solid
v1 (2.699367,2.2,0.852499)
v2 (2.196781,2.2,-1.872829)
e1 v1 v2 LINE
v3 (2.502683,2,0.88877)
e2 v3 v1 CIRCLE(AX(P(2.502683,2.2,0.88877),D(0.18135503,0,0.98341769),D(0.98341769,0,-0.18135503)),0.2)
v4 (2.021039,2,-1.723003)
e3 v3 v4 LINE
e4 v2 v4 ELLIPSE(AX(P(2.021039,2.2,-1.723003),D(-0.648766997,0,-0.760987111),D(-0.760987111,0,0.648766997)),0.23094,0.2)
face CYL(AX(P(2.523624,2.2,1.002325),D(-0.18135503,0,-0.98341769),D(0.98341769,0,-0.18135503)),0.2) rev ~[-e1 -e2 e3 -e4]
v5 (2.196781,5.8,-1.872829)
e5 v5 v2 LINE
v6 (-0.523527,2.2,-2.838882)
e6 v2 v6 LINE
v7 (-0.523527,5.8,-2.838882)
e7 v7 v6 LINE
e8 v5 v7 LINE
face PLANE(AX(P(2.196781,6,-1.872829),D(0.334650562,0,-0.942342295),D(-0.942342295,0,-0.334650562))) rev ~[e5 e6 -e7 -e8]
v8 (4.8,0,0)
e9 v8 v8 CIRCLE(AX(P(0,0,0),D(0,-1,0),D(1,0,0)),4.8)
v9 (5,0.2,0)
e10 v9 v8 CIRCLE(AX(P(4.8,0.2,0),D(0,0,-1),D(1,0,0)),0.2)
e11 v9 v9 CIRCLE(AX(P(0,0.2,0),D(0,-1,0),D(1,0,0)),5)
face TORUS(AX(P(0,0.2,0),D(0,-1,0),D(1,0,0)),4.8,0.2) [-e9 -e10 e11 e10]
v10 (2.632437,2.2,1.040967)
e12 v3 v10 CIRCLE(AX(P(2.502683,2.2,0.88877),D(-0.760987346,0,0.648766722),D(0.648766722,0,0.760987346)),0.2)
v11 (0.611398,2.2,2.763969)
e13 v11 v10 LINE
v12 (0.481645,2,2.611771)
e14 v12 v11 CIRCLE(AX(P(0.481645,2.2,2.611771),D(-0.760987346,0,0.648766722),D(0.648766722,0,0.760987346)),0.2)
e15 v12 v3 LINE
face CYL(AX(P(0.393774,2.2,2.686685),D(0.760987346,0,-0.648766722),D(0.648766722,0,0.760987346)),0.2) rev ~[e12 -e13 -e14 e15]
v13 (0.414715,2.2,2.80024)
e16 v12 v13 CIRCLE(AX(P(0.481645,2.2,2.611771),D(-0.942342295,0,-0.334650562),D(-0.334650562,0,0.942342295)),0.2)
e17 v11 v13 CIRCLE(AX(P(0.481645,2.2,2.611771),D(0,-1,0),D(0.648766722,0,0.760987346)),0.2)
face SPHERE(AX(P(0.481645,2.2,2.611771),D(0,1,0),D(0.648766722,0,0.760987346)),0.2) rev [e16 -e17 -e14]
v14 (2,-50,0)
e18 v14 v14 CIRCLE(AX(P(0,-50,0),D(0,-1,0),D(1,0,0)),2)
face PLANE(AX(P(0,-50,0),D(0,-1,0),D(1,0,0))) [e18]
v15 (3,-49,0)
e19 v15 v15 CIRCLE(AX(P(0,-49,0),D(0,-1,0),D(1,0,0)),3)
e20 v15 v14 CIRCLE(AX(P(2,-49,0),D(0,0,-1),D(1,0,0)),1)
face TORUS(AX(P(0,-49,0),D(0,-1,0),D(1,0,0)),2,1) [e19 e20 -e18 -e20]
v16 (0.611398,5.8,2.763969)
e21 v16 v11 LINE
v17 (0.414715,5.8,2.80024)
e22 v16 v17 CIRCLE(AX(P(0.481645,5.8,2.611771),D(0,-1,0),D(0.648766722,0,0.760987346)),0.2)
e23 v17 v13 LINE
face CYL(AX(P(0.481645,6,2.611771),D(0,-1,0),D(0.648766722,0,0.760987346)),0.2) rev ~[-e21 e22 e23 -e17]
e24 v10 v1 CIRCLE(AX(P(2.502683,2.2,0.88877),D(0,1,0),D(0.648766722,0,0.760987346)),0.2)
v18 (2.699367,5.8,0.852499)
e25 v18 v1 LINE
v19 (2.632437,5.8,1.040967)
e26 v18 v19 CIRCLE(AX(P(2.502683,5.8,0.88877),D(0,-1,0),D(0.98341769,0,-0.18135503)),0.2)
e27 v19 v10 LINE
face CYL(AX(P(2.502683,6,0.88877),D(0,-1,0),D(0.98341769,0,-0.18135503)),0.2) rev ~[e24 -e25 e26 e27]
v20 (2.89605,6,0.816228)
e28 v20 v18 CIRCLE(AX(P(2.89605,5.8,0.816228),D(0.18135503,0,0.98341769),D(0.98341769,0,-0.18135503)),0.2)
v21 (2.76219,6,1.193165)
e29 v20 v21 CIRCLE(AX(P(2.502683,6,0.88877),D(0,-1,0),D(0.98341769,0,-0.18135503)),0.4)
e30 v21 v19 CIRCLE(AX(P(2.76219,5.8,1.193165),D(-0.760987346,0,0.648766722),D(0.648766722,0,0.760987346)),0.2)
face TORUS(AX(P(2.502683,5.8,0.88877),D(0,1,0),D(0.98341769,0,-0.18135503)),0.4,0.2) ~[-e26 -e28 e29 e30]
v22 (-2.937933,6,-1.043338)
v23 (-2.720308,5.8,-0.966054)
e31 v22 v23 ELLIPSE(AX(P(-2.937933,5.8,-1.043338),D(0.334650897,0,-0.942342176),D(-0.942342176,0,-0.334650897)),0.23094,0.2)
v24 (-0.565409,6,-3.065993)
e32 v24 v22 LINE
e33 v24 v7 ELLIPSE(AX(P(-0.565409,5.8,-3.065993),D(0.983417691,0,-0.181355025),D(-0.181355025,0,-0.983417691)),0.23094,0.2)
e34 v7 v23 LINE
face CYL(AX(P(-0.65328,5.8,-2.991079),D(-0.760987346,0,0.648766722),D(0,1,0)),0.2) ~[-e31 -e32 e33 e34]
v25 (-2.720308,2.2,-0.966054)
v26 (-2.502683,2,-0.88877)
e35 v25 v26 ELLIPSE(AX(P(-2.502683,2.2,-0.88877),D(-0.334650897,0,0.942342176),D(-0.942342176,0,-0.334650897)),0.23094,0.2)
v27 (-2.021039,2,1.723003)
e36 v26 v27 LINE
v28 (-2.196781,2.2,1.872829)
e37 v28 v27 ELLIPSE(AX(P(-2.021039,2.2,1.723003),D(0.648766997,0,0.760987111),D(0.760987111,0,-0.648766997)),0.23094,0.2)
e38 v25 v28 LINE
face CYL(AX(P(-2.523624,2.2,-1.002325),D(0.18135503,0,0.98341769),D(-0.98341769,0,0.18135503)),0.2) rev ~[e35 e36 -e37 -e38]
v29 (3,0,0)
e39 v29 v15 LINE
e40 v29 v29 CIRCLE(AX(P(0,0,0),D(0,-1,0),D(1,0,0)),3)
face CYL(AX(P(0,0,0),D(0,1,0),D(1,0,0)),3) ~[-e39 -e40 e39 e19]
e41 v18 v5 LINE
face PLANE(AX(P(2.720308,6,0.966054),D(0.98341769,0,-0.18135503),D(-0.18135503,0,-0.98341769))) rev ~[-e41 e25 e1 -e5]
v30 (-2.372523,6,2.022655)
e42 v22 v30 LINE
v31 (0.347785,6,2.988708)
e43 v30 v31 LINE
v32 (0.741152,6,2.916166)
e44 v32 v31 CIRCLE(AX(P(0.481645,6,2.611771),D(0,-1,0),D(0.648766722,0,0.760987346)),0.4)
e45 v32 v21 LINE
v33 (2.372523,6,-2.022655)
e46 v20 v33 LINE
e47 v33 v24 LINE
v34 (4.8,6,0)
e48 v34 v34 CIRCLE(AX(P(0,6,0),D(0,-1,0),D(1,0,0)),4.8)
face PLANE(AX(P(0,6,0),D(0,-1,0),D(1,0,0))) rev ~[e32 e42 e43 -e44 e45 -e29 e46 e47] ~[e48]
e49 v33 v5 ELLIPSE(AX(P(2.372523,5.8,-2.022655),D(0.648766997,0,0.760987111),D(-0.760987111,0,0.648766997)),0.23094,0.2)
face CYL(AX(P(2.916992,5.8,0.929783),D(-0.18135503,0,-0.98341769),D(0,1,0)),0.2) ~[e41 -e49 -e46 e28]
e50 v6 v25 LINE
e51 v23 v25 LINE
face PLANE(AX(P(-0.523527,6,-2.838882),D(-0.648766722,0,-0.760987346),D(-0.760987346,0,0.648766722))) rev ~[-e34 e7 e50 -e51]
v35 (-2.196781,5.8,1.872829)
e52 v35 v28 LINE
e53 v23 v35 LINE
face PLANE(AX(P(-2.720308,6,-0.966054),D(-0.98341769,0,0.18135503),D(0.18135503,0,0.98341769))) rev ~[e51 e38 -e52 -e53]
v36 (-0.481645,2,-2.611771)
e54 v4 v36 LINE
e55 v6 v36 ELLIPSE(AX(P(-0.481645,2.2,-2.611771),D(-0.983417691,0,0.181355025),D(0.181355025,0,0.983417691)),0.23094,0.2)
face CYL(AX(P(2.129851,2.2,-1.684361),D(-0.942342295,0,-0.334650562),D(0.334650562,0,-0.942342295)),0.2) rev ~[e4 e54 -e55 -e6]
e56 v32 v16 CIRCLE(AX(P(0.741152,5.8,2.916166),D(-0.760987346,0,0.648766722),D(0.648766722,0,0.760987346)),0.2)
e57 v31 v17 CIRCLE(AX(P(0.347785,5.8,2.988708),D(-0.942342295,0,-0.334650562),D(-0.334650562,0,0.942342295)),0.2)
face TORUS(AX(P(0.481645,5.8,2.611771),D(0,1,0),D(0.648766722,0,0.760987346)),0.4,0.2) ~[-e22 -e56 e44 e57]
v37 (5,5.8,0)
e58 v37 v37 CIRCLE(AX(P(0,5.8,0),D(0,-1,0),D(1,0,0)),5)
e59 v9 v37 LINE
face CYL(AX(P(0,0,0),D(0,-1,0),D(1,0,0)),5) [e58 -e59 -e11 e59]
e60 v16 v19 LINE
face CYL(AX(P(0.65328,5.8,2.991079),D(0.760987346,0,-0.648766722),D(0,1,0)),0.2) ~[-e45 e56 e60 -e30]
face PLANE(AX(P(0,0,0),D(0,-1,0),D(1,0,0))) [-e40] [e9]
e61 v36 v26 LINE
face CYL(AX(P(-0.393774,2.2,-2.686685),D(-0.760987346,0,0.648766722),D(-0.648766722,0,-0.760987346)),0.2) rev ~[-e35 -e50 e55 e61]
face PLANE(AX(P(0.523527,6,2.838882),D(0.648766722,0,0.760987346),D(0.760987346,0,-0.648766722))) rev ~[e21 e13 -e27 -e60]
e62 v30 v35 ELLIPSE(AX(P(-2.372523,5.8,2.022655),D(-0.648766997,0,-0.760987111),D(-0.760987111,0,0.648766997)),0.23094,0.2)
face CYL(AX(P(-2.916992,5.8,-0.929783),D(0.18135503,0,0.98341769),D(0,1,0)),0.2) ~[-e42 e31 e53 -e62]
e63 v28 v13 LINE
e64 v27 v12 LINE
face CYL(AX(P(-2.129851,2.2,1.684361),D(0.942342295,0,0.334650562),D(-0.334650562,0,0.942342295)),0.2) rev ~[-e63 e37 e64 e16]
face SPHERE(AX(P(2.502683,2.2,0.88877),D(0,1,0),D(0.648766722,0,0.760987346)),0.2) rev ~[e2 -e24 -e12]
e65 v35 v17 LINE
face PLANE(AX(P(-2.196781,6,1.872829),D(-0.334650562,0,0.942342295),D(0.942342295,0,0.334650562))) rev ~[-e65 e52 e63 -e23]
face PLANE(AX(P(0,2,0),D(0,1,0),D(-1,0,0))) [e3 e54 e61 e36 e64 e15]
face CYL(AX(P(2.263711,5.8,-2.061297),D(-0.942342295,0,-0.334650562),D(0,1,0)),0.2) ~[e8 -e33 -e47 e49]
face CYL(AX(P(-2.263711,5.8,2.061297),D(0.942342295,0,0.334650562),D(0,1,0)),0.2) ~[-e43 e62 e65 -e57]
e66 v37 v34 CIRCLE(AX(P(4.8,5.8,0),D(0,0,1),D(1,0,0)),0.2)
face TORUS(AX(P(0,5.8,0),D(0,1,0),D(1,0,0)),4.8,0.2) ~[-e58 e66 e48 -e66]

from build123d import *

# Parameters (mm, degrees)
F0_R     = 3
F1_DEPTH = 50
F0_R_2   = 5
F2_DEPTH = 6
F4_DEPTH = 4
F5_R     = 0.2
F6_R     = 1


with BuildPart() as f1:
    # F0 (on Front) → F1 (new body)
    with BuildSketch(Plane.XZ):
        Circle(F0_R)
    extrude(amount=F1_DEPTH)

    # F0 (on Front) → F2 (join)
    with BuildSketch(Plane.XZ):
        Circle(F0_R_2)
        Circle(F0_R, mode=Mode.SUBTRACT)
        Circle(F0_R)
    extrude(amount=-F2_DEPTH)

    # F3 (on face) → F4 (cut)
    with BuildSketch(Plane(origin=(0, 6, 0), x_dir=(-1, 0, 0), z_dir=(0, 1, 0))):
        Polygon((2.196781, 1.872829), (-0.523527, 2.838882), (-2.720308, 0.966054), (-2.196781, -1.872829), (0.523527, -2.838882), (2.720308, -0.966054), align=None)
    extrude(amount=-F4_DEPTH, mode=Mode.SUBTRACT)

    # F5
    f5_edges = [f1.edges().sort_by_distance(p)[0] for p in [
        (-5, 6, 0),
        (-5, 0, 0),
        (0.836627, 6, -2.355855),
        (-1.621917, 6, -1.902468),
        (-2.458544, 6, 0.453387),
        (2.458544, 6, -0.453387),
        (1.621917, 6, 1.902468),
        (-0.836627, 6, 2.355855),
        (-1.621917, 2, -1.902468),
        (0.836627, 2, -2.355855),
        (2.458544, 2, -0.453387),
        (0.523527, 4, 2.838882),
        (2.720308, 4, 0.966054),
        (1.621917, 2, 1.902468),
        (-0.836627, 2, 2.355855),
        (-2.458544, 2, 0.453387),
    ]]
    fillet(f5_edges, radius=F5_R)

    # F6
    f6_edges = [f1.edges().sort_by_distance(p)[0] for p in [
        (-3, -50, 0),
    ]]
    fillet(f6_edges, radius=F6_R)


solid = f1.part
